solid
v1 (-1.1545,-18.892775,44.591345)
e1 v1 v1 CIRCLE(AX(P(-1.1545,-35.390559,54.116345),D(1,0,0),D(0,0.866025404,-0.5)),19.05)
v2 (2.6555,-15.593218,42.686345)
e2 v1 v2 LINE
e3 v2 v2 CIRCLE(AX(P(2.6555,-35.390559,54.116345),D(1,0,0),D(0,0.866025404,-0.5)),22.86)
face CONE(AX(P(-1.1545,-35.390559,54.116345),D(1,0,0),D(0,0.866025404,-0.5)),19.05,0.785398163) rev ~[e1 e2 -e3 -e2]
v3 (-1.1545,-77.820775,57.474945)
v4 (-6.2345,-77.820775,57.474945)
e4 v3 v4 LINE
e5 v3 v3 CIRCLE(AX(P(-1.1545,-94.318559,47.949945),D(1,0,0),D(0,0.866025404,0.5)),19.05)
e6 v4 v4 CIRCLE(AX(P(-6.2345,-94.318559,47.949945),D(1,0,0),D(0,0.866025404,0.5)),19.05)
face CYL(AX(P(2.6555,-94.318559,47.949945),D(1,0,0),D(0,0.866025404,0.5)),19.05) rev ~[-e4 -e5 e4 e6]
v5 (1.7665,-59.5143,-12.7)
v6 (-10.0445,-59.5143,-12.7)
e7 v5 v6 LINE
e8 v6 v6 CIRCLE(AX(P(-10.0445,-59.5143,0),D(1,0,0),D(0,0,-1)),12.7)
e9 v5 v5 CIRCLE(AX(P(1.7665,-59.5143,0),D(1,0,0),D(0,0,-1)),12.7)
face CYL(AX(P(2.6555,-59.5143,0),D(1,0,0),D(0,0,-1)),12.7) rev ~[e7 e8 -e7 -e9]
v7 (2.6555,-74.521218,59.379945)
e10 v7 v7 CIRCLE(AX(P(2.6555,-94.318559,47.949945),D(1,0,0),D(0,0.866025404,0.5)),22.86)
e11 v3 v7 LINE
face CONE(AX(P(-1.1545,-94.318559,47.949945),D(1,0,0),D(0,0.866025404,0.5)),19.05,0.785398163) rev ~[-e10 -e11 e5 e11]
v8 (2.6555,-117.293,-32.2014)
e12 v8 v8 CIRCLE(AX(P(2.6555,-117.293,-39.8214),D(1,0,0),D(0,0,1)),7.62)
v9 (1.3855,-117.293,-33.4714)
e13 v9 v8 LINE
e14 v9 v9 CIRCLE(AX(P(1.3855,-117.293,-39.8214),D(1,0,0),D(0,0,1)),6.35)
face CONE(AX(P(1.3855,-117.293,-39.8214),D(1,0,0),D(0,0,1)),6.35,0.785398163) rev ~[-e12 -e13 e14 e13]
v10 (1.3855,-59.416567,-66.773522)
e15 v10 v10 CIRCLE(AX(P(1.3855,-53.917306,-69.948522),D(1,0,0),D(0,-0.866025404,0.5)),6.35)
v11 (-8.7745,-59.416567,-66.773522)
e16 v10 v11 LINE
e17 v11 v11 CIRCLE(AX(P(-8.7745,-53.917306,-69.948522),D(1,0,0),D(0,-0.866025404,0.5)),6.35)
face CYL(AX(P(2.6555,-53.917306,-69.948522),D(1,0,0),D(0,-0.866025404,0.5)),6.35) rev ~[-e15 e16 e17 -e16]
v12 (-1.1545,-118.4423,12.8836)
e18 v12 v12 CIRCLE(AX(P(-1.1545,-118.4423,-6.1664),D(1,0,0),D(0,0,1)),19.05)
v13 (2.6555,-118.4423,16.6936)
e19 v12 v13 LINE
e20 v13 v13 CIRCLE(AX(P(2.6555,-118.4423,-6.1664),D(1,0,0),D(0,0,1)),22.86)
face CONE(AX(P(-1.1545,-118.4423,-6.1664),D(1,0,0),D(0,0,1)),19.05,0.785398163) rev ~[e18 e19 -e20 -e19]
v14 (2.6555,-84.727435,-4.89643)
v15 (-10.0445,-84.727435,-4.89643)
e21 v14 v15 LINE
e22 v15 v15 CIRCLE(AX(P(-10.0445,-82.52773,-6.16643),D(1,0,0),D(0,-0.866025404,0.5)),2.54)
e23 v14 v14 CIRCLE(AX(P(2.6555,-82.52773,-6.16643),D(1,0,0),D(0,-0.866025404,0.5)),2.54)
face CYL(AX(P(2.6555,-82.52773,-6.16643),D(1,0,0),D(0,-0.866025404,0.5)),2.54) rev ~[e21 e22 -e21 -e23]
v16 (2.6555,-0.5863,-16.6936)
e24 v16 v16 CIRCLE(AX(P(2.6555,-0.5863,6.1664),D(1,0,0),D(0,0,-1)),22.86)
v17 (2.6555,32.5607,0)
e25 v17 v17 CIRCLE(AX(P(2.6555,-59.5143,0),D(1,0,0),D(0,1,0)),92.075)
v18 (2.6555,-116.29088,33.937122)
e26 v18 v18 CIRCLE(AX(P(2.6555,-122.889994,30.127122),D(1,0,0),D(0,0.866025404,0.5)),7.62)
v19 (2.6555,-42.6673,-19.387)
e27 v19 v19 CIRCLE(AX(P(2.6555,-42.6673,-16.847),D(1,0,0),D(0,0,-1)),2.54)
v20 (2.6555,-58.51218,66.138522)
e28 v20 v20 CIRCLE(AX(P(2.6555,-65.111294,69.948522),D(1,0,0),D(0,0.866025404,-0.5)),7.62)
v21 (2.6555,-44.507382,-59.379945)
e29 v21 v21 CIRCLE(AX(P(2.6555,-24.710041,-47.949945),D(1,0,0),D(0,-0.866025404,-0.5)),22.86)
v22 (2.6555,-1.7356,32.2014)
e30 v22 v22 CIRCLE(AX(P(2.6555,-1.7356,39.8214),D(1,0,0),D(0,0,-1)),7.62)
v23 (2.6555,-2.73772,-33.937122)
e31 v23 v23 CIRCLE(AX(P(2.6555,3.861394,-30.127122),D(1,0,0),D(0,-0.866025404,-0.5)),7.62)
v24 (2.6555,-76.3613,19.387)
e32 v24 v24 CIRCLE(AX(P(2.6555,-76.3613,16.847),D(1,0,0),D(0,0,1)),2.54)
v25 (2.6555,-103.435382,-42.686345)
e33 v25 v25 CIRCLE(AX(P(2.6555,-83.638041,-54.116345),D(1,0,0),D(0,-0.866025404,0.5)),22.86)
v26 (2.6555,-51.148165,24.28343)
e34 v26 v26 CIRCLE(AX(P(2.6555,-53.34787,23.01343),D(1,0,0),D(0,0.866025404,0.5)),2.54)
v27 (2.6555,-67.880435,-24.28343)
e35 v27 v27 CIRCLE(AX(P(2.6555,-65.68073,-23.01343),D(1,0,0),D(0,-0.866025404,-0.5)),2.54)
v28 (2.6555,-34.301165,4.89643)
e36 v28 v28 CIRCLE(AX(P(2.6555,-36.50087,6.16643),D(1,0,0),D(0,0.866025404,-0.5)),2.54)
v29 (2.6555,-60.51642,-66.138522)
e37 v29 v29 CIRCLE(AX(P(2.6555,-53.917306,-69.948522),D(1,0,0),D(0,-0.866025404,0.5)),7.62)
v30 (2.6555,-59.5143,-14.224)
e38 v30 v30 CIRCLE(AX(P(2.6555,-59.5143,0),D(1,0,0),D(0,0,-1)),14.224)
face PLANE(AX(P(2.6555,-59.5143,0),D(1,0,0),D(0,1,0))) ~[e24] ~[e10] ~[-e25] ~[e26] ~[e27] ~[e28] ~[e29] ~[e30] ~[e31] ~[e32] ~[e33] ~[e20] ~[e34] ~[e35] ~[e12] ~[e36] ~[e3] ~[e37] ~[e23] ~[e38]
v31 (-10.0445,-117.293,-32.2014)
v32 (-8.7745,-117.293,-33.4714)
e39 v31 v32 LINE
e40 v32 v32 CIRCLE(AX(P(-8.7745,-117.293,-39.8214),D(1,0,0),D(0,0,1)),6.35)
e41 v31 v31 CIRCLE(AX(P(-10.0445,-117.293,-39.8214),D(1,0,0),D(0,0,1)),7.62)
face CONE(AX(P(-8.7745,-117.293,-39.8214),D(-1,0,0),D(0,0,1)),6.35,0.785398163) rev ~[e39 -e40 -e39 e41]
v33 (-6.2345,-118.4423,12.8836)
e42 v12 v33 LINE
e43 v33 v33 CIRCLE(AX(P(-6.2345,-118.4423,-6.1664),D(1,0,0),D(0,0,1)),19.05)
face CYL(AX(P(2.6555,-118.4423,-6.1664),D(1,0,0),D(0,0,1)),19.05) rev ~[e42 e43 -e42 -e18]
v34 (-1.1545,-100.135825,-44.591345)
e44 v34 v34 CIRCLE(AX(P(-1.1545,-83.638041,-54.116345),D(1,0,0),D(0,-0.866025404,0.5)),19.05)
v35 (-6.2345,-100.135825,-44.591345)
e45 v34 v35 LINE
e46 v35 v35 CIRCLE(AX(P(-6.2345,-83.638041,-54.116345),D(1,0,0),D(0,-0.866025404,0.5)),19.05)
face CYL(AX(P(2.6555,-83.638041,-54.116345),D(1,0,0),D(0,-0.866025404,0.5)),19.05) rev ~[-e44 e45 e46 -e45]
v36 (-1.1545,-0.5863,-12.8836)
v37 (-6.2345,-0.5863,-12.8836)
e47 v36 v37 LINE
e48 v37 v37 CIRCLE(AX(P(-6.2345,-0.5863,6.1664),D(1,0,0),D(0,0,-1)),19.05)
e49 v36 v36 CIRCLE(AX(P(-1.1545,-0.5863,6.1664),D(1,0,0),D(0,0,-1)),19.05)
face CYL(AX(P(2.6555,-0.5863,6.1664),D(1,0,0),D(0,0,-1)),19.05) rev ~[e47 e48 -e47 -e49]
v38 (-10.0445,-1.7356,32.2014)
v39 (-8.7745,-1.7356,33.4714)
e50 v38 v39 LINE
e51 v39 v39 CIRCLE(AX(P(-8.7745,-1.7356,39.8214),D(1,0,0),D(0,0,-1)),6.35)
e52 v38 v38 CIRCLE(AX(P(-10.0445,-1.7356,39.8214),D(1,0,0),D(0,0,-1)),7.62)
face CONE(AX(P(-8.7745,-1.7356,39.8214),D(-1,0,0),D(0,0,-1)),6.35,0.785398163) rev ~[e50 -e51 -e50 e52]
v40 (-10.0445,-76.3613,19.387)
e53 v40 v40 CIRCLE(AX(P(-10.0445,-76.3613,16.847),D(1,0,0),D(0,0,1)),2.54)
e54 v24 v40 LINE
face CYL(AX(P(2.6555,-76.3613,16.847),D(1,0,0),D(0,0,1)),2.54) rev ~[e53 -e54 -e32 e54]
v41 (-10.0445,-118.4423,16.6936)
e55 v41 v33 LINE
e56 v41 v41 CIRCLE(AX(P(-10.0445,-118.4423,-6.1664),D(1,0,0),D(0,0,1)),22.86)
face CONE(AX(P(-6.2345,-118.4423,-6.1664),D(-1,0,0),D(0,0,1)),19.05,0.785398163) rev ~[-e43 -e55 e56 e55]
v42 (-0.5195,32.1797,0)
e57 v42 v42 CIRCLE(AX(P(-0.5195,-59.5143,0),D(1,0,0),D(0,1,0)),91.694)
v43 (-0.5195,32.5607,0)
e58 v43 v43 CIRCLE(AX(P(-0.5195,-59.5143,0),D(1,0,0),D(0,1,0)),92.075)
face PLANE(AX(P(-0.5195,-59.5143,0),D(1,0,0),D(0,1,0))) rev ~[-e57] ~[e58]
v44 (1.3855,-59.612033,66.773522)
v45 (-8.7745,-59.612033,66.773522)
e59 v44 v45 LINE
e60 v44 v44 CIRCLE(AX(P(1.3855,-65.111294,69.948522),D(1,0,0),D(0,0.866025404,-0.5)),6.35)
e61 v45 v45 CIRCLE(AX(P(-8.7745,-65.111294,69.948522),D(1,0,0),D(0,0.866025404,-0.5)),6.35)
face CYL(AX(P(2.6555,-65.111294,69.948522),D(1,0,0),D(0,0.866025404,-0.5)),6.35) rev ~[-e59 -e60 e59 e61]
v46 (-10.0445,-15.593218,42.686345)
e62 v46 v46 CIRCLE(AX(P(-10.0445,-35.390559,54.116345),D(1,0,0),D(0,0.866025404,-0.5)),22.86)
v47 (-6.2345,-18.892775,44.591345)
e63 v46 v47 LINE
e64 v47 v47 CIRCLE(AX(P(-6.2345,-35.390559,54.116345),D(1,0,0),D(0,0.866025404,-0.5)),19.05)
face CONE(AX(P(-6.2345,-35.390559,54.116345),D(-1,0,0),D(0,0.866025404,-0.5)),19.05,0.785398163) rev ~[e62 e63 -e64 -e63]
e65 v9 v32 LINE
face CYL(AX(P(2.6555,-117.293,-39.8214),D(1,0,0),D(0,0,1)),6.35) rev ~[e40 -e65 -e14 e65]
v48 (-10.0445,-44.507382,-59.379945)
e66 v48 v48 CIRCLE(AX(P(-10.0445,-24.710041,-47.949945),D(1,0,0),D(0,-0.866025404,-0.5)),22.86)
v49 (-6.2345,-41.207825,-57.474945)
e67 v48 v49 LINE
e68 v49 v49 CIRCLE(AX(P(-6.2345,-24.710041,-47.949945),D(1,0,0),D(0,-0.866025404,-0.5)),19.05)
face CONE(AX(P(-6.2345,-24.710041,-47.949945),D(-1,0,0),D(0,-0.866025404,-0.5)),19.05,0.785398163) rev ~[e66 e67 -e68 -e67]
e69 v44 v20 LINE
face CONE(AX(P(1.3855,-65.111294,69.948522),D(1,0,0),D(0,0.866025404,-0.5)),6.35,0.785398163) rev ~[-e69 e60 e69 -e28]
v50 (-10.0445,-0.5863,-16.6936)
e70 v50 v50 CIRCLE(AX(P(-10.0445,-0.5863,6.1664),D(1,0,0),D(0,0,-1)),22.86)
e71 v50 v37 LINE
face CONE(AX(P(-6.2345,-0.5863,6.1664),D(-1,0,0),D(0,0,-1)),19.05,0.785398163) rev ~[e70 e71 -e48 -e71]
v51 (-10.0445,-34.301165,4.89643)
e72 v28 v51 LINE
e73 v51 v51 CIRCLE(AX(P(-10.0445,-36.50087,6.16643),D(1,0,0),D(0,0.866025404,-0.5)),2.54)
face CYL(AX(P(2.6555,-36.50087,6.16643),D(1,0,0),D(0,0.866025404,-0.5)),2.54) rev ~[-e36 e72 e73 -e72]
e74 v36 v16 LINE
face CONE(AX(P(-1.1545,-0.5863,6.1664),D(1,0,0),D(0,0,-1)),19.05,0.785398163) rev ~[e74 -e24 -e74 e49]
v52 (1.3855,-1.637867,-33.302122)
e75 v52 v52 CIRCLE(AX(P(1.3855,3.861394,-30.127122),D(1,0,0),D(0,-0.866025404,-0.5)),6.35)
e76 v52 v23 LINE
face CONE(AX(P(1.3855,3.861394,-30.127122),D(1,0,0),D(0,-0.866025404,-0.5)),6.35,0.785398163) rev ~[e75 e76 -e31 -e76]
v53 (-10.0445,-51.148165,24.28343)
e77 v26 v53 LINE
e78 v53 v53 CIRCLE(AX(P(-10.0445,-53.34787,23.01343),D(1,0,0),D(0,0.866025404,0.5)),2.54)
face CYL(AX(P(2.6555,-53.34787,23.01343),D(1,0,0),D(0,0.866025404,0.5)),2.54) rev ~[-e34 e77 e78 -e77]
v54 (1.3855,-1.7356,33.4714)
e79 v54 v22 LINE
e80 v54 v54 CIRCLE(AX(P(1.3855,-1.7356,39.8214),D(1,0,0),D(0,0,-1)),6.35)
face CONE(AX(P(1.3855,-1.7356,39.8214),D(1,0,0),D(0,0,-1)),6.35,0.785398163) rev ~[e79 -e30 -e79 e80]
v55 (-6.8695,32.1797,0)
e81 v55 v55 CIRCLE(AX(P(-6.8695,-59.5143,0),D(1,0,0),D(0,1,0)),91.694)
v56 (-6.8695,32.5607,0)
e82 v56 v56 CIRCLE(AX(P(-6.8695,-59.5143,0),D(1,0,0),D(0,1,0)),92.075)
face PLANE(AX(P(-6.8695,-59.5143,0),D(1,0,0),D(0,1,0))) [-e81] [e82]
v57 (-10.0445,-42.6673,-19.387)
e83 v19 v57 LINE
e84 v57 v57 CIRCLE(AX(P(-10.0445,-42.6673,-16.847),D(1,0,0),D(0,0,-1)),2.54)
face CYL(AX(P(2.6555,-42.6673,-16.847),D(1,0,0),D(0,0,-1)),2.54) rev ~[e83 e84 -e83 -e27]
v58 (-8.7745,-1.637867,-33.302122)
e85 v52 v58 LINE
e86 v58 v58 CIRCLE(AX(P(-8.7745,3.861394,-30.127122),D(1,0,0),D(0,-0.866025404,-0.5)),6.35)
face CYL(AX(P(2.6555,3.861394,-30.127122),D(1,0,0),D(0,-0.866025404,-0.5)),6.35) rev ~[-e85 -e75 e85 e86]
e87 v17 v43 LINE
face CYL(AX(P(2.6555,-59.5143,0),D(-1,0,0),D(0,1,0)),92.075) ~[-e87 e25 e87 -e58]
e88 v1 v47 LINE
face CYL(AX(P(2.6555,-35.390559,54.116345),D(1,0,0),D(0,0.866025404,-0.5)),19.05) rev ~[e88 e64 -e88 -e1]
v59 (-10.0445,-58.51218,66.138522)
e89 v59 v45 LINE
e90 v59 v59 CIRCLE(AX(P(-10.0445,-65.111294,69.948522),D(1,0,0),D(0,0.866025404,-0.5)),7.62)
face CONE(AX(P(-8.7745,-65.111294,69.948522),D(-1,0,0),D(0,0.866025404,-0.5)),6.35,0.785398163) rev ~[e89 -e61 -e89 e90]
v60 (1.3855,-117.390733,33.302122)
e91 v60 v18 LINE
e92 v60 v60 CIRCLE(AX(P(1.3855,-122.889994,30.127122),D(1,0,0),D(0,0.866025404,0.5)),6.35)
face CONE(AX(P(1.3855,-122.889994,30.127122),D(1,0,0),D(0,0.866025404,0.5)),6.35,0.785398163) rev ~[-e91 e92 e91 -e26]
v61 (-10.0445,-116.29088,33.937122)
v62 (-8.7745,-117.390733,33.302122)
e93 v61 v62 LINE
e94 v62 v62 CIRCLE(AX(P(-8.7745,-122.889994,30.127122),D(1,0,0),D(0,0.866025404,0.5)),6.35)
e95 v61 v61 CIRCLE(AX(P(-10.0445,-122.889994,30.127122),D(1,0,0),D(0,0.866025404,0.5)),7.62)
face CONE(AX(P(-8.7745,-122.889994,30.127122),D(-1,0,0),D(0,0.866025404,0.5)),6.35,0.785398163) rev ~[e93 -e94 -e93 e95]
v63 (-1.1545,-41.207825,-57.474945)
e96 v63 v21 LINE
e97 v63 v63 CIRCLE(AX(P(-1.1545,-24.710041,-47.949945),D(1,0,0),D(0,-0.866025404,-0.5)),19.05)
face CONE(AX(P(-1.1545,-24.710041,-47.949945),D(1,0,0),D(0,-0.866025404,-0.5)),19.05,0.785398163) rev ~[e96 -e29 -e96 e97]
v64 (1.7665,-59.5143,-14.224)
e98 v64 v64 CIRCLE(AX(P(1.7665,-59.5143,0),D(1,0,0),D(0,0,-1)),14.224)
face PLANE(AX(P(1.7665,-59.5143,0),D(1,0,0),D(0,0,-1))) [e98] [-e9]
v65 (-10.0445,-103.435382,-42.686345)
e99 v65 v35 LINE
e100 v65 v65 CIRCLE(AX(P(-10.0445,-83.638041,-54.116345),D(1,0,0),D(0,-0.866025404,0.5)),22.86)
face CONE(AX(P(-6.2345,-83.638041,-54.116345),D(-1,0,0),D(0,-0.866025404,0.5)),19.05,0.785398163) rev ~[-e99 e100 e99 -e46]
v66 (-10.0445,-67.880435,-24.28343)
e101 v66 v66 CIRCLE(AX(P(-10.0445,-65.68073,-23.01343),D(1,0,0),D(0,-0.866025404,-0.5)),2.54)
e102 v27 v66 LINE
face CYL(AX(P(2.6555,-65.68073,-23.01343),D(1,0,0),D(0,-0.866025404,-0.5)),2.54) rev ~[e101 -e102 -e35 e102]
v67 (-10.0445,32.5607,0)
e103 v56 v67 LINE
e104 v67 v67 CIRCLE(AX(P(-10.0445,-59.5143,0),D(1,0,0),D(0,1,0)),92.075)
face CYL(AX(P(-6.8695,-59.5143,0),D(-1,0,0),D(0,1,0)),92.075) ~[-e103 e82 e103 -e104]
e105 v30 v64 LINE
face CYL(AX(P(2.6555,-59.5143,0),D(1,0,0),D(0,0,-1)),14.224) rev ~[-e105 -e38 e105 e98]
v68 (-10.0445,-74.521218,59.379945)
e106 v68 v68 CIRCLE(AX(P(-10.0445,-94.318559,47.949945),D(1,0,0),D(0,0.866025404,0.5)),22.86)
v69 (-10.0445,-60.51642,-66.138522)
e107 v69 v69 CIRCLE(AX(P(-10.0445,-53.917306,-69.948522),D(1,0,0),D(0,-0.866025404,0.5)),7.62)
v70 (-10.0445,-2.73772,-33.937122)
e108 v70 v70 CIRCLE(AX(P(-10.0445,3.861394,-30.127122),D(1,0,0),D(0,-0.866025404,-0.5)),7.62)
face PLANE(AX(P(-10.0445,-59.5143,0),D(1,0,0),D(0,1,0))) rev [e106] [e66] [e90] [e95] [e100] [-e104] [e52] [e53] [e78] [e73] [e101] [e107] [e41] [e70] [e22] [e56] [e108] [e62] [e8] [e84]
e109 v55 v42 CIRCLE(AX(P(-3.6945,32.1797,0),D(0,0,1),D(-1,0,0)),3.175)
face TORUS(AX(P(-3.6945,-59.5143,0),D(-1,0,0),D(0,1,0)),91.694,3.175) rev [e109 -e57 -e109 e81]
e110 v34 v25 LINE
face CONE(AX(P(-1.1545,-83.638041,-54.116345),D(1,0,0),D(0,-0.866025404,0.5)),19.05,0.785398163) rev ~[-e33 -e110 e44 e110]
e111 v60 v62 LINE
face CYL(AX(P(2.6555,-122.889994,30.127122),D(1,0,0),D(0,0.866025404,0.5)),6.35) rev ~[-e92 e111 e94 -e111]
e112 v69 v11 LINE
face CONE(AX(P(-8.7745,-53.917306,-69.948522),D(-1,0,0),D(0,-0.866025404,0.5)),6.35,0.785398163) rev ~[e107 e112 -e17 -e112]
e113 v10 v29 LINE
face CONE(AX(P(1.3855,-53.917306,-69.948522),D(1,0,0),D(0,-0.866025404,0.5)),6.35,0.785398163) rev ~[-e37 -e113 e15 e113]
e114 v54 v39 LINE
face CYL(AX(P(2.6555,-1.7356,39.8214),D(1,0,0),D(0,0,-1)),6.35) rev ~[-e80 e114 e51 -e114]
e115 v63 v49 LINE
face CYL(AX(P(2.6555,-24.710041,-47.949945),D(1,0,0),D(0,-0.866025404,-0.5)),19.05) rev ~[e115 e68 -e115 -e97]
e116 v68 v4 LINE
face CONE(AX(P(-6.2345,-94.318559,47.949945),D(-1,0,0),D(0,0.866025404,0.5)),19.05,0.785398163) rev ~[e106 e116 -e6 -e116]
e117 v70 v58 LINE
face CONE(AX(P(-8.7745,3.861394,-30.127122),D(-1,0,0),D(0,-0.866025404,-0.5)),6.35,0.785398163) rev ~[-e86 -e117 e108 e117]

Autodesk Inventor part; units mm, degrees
ref_plane "YZ Plane" through (0, 0, 0) normal (1, 0, 0) x (0, 1, 0)
ref_plane "XZ Plane" through (0, 0, 0) normal (0, 1, 0) x (-1, 0, 0)
ref_plane "XY Plane" through (0, 0, 0) normal (0, 0, 1) x (1, 0, 0)
sketch "Sketch1" plane through (0, 0, 0) normal (0, 0, 1) x (1, 0, 0)
  line L0 (-10.0445, -59.5143) -> (2.6555, -59.5143)
  line L1 (2.6555, -59.5143) -> (2.6555, 32.5607)
  line L2 (-10.0445, -59.5143) -> (-10.0445, 32.5607)
  line L3 (2.6555, 32.5607) -> (-0.5195, 32.5607)
  line L4 (-6.8695, 32.5607) -> (-10.0445, 32.5607)
  line L5 (-6.8695, 32.5607) -> (-6.8695, 32.1797)
  line L6 (-0.5195, 32.5607) -> (-0.5195, 32.1797)
  arc A0 (-6.8695, 32.1797) -> (-0.5195, 32.1797) centre (-3.6945, 32.1797) ccw
  point P0 (-8.457, 32.5607)
  point P1 (1.068, 32.5607)
  dimension "d0" = 12.7
  dimension "d3" = 92.075
  dimension "d4" = 0.381
revolve "Revolution1" add sketch "Sketch1" angle 360 about axis through (-10.0445, -59.5143, 0) along (1, 0, 0)
sketch "Sketch2" plane through (2.6555, -59.5143, 0) normal (1, 0, 0) x (0, 0, -1)
  circle A0 centre (0, 0) radius 92.075 projected
  circle A1 centre (0, 0) radius 12.7
  dimension "d6" = 25.4
extrude "Extrusion1" cut sketch "Sketch2" against normal blind 25.4 contours A1
sketch "Sketch3" plane through (1.7665, -59.5143, 0) normal (1, 0, 0) x (0, 0, -1)
  circle A0 centre (0, 0) radius 14.1224 projected
sketch "Sketch4" plane through (2.6555, -59.5143, 0) normal (1, 0, 0) x (0, 0, -1)
  circle A0 centre (16.847, 16.847) radius 2.54
  circle A1 centre (0, 0) radius 4.7625 projected
  line L0 (0, 0) -> (16.847, 16.847)
  dimension "d18" = 23.8252
  dimension "d24" = 5.08
extrude "Extrusion2" cut sketch "Sketch4" against normal blind 10160 contours A0
pattern_circular "Circular Pattern1" count 6 over 360 about axis through (-258.9705, -59.5143, 0) along (1, 0, 0) of "Extrusion2"
sketch "Sketch5" plane through (2.6555, -59.5143, 0) normal (1, 0, 0) x (0, 0, -1)
  circle A0 centre (0, 0) radius 12.7 projected
  circle A1 centre (-6.1664, 58.928) radius 19.05
  dimension "d25" = 38.1
  dimension "d26" = 58.928
extrude "Extrusion3" cut sketch "Sketch5" against normal blind 25.4 contours A1
pattern_circular "Circular Pattern2" count 6 over 360 about axis through (2.6555, -59.5143, 0) along (-1, 0, 0) of "Extrusion3"
sketch "Sketch6" plane through (2.6555, -59.5143, 0) normal (1, 0, 0) x (0, 0, -1)
  circle A0 centre (0, 0) radius 12.7 projected
  circle A1 centre (0, 0) radius 92.075 projected
  circle A2 centre (0, 0) radius 14.224
  dimension "d32" = 28.448
extrude "Extrusion4" cut sketch "Sketch6" against normal blind 0.889 contours A2
chamfer "Chamfer1" distance 3.81 angle 45 12 edges at (2.6555, -0.5863, 25.2164) (-10.0445, -0.5863, 25.2164) (2.6555, -8.2122, -38.4249) (-10.0445, -8.2122, -38.4249) (2.6555, -67.1402, -63.6414) (-10.0445, -67.1402, -63.6414) (2.6555, -118.4423, -25.2164) (-10.0445, -118.4423, -25.2164) (2.6555, -110.8163, 38.4249) (-10.0445, -110.8163, 38.4249) (2.6555, -51.8883, 63.6414) (-10.0445, -51.8883, 63.6414)
sketch "Sketch7" plane through (2.6555, -59.5143, 0) normal (1, 0, 0) x (0, 0, -1)
  circle A0 centre (-6.1664, 58.928) radius 22.86 projected
  circle A1 centre (-54.1164, 24.1237) radius 22.86 projected
  circle A2 centre (-39.8214, 57.7787) radius 6.35
  dimension "d38" = 12.7
  dimension "d39" = 33.655
  dimension "d40" = 33.655
extrude "Extrusion5" cut sketch "Sketch7" against normal blind 50.8 contours A2
pattern_circular "Circular Pattern3" count 6 over 360 about axis through (2.6555, -59.5143, 0) along (-1, 0, 0) of "Extrusion5"
chamfer "Chamfer2" distance 1.27 angle 45 12 edges at (2.6555, -1.7355, 46.1714) (-10.0445, -1.7355, 46.1714) (2.6555, 9.3607, -26.9521) (-10.0445, 9.3607, -26.9521) (2.6555, -48.418, -73.1236) (-10.0445, -48.418, -73.1236) (2.6555, -117.293, -46.1714) (-10.0445, -117.293, -46.1714) (2.6555, -128.3893, 26.9521) (-10.0445, -128.3893, 26.9521) (-10.0445, -70.6105, 73.1236) (2.6555, -70.6105, 73.1236)
properties part number "7.25in Pully"
